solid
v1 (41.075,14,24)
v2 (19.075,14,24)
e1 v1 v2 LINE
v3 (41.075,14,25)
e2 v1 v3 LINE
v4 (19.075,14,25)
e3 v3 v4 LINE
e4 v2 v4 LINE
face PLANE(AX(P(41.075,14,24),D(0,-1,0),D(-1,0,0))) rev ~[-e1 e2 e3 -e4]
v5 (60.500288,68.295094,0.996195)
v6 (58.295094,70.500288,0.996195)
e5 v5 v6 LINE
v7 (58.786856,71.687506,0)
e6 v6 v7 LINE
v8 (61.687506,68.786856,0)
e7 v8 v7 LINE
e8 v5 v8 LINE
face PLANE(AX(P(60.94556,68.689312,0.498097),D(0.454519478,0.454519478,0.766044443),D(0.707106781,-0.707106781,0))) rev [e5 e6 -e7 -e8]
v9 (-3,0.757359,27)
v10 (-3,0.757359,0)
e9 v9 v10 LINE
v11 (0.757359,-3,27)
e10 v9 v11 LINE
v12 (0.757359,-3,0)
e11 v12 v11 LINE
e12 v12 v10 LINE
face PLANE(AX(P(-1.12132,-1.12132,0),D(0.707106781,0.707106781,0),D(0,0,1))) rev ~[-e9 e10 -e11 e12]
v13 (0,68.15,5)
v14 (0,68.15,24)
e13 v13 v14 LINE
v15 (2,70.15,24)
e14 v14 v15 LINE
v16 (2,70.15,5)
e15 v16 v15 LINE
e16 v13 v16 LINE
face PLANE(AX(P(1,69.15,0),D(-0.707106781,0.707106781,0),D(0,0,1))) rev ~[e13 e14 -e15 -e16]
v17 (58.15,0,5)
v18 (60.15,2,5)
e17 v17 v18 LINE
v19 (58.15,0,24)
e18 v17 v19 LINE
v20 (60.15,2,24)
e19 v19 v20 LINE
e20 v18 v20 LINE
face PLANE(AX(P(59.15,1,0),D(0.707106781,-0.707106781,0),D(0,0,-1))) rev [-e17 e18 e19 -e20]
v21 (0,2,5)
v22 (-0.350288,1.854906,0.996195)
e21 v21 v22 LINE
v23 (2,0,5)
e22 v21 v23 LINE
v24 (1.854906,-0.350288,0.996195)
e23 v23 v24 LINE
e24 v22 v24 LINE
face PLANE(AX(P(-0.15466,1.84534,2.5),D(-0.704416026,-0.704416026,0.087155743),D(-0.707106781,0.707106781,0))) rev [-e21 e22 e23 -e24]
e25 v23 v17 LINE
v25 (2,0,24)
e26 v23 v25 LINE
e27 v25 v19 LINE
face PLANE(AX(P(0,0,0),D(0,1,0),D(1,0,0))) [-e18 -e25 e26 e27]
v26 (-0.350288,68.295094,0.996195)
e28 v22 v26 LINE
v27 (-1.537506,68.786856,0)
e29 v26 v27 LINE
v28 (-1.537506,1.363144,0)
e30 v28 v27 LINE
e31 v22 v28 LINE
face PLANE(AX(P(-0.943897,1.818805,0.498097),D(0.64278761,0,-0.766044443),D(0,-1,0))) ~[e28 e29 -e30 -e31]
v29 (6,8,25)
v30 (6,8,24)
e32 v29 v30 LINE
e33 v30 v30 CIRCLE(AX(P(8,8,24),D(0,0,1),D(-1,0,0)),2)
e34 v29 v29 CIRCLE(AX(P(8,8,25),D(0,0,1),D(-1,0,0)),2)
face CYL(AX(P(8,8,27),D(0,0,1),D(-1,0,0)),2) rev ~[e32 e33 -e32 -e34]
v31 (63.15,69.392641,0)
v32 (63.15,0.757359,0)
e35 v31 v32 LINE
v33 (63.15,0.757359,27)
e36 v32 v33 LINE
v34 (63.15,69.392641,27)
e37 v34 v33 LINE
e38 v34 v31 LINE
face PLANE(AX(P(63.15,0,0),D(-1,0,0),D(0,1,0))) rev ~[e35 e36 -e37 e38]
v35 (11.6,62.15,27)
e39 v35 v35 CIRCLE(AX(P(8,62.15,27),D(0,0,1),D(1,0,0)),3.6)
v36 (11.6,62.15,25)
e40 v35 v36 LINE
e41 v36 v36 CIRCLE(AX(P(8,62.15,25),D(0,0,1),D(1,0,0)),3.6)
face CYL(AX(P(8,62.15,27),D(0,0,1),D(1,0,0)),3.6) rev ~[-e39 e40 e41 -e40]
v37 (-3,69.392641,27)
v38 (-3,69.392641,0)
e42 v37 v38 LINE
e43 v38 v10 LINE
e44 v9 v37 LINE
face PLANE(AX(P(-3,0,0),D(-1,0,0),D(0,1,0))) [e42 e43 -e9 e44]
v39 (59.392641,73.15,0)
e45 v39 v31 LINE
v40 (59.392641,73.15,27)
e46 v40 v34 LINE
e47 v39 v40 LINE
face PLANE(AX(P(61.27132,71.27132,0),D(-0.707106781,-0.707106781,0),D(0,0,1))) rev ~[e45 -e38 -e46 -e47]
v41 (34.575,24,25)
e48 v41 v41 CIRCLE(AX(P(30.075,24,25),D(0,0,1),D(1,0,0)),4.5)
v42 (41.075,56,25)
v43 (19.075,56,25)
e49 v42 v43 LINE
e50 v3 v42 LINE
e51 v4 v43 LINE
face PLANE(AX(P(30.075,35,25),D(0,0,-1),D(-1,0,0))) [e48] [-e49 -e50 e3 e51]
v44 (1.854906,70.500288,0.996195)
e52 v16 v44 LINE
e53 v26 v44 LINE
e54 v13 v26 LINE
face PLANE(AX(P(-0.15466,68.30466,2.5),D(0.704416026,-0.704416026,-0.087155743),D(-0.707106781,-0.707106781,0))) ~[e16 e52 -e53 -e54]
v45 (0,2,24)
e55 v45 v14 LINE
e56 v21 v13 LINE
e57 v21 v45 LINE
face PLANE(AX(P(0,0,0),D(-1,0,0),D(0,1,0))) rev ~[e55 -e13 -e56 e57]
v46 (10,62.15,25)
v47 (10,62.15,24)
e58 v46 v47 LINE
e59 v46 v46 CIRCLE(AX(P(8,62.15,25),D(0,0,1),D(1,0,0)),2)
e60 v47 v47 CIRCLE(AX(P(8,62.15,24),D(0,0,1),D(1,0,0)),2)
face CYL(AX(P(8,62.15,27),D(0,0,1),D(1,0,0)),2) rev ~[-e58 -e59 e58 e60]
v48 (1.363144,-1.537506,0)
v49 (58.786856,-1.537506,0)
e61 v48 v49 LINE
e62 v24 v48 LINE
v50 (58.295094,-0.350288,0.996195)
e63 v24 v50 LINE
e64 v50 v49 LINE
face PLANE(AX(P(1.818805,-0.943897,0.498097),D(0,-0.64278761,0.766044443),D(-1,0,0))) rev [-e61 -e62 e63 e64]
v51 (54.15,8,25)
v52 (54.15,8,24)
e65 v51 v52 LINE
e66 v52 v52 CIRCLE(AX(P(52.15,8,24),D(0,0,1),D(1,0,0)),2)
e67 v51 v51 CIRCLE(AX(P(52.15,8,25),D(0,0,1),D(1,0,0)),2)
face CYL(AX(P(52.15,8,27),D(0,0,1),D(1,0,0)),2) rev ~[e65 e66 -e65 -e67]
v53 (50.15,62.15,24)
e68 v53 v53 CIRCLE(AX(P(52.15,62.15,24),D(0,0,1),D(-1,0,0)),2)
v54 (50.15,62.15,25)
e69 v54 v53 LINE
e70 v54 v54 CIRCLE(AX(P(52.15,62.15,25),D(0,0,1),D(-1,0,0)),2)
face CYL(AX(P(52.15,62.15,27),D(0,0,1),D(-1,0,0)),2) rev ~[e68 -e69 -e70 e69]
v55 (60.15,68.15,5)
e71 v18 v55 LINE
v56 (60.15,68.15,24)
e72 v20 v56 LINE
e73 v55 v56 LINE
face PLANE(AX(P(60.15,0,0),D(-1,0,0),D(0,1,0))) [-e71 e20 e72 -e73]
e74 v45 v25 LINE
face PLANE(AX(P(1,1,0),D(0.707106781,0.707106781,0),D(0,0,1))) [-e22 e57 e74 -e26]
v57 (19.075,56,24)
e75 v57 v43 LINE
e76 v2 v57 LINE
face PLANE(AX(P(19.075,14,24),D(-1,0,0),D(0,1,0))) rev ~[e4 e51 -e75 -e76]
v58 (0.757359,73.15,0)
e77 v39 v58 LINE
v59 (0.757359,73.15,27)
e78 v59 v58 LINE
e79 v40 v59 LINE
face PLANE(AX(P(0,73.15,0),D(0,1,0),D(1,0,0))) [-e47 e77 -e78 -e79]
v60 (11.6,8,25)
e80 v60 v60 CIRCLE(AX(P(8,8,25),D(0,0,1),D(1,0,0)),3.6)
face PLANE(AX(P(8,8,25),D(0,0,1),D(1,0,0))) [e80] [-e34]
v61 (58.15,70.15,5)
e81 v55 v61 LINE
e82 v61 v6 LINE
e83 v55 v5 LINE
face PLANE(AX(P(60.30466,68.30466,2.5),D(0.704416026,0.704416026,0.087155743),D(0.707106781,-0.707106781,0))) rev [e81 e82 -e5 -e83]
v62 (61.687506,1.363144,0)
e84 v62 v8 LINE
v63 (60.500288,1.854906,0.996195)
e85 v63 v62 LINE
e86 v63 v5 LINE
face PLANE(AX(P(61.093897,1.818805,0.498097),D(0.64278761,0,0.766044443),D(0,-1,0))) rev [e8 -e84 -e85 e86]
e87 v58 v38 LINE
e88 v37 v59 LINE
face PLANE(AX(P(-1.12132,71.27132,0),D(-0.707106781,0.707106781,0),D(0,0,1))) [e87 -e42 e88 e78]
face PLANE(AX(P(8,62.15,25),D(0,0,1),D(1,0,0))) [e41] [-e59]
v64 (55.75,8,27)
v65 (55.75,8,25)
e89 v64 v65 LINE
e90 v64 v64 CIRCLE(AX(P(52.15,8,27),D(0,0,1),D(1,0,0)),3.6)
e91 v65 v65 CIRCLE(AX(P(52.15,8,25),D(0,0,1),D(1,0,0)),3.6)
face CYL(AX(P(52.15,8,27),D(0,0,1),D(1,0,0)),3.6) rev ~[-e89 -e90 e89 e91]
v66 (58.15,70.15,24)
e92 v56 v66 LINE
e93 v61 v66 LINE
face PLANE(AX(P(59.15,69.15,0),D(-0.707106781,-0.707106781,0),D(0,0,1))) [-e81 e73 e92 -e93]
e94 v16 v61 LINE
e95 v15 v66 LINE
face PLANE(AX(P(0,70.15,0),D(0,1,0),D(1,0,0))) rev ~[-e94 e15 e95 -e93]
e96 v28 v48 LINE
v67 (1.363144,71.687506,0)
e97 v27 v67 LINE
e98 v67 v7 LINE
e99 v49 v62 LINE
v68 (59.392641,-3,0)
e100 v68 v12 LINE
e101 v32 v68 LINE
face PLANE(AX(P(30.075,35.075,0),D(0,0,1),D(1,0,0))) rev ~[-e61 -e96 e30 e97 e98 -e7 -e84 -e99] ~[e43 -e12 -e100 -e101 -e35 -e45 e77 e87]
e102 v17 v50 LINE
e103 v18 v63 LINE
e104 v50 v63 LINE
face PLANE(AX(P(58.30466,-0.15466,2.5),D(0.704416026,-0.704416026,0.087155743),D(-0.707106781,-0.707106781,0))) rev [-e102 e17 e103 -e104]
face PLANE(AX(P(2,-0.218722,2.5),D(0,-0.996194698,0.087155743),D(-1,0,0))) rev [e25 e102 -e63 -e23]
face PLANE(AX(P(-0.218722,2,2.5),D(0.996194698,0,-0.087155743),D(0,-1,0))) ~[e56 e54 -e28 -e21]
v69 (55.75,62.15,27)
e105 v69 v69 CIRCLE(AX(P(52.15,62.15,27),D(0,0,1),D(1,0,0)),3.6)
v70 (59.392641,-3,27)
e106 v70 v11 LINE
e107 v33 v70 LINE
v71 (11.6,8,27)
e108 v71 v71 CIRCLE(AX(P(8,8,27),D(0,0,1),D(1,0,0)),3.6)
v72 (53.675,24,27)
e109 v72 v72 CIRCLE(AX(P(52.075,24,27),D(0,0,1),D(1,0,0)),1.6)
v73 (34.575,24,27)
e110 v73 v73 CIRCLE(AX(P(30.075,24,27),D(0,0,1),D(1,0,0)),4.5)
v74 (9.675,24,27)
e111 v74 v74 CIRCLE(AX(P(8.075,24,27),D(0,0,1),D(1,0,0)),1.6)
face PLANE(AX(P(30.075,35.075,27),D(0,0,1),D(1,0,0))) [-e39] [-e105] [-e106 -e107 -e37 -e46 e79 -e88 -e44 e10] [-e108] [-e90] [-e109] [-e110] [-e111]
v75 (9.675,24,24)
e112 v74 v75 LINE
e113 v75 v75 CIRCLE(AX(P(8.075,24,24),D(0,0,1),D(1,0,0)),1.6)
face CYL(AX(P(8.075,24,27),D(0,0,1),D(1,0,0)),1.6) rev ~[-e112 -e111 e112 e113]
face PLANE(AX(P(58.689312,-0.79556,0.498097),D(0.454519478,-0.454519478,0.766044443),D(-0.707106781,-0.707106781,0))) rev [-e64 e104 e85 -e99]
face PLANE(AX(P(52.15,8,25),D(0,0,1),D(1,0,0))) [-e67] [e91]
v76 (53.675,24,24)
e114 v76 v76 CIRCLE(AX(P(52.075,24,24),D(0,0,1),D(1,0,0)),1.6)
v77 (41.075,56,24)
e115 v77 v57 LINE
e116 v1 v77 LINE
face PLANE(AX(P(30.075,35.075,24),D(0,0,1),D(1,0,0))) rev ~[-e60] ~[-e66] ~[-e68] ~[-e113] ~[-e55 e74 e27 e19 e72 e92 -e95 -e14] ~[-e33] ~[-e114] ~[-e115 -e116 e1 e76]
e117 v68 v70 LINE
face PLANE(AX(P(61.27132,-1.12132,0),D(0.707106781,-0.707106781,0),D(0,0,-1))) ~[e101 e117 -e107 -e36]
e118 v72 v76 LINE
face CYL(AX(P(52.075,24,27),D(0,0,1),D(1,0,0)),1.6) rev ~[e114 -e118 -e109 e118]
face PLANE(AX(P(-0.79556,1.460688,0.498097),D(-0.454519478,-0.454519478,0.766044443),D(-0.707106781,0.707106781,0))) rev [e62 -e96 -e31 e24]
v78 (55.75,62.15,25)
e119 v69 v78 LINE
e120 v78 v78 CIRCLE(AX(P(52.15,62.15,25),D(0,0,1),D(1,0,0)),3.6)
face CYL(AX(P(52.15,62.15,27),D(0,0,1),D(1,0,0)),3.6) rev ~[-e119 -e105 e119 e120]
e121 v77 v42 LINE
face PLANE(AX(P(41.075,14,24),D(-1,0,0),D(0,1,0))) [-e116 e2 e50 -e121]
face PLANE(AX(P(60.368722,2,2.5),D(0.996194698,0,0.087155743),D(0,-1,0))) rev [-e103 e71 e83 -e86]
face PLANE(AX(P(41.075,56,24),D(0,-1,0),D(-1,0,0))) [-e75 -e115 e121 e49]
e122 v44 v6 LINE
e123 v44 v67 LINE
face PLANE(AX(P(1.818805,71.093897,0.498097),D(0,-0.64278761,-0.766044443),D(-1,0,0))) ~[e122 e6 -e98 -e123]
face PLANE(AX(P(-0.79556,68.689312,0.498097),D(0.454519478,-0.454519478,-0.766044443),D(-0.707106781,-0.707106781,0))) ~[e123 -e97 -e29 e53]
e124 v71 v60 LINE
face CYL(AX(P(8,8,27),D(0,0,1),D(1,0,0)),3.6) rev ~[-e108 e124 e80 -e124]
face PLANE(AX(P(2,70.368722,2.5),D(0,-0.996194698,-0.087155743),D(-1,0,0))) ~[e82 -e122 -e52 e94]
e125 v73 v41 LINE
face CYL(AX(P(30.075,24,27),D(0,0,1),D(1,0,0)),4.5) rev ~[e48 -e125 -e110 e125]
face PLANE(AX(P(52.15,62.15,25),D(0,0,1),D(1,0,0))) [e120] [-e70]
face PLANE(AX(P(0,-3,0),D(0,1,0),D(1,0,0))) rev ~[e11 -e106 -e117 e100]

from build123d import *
from OCP.BRepFilletAPI import BRepFilletAPI_MakeChamfer

# Parameters (mm, degrees)
SKIZZE1_W                       = 60.15
SKIZZE1_H                       = 70.15
GRUNDK_RPER_DEPTH               = 24
FASE1_SIZE                      = 2
WANDUNG1_T                      = 3
SKIZZE2_R                       = 4.5
DURCHBRUCH_SERVO_DEPTH          = 101.338651576
SKIZZE4_W                       = 22
SKIZZE4_H                       = 42
SERVOFREISCHNITT_DEPTH          = 1
SCHNITT_LINEAR_AUSTRAGEN2_REACH = 102.339
SKIZZE7_R                       = 2
SKIZZE8_R                       = 3.6
SCHNITT_LINEAR_AUSTRAGEN3_DEPTH = 2
SCHNITT_LINEAR_AUSTRAGEN5_REACH = 102.339
SKIZZE3_R                       = 1.6
FASE2_SIZE                      = 5
FASE2_SIZE2                     = 0.437443318
FASE3_SIZE                      = 1
FASE3_SIZE2                     = 1.100062868


with BuildPart() as part:
    # Skizze1 → Grundkörper (new body)
    with BuildSketch(Plane.XY):
        with Locations((30.075, 35.075)):
            Rectangle(SKIZZE1_W, SKIZZE1_H)
    extrude(amount=GRUNDK_RPER_DEPTH)

    # Fase1
    fase1_edges = [part.edges().sort_by_distance(p)[0] for p in [
        (0, 70.15, 12),
        (60.15, 70.15, 12),
        (60.15, 0, 12),
        (0, 0, 12),
    ]]
    chamfer(fase1_edges, length=FASE1_SIZE)

    # Wandung1
    wandung1_openings = [part.faces().sort_by_distance(p)[0] for p in [
        (30.075, 35.075, 0),
    ]]
    offset(amount=WANDUNG1_T, openings=wandung1_openings, kind=Kind.INTERSECTION)

    # Skizze2 → Durchbruch Servo (cut, through all)
    with BuildSketch(Plane.XY.offset(27)):
        with Locations((30.075, 24)):
            Circle(SKIZZE2_R)
    extrude(amount=-DURCHBRUCH_SERVO_DEPTH, mode=Mode.SUBTRACT)

    # Skizze4 → ServoFreischnitt (cut)
    with BuildSketch(Plane(origin=(0, 0, 24), x_dir=(-1, 0, 0), z_dir=(0, 0, -1))):
        with Locations((-30.075, 35)):
            Rectangle(SKIZZE4_W, SKIZZE4_H)
    extrude(amount=-SERVOFREISCHNITT_DEPTH, mode=Mode.SUBTRACT)

    # Skizze7 → Schnitt-Linear austragen2 (cut, up to next)
    with BuildSketch(Plane.XY.offset(27), mode=Mode.PRIVATE) as schnitt_linear_austragen2_sk1:
        with Locations((8, 62.15)):
            Circle(SKIZZE7_R)
    schnitt_linear_austragen2_tool1 = extrude(schnitt_linear_austragen2_sk1.sketch, amount=-SCHNITT_LINEAR_AUSTRAGEN2_REACH, mode=Mode.PRIVATE) & part.part
    # Skizze7 → Schnitt-Linear austragen2 (cut, up to next)
    with BuildSketch(Plane.XY.offset(27), mode=Mode.PRIVATE) as schnitt_linear_austragen2_sk2:
        with Locations(Location((52.15, 62.15, 0), (0, 0, 180))):
            Circle(SKIZZE7_R)
    schnitt_linear_austragen2_tool2 = extrude(schnitt_linear_austragen2_sk2.sketch, amount=-SCHNITT_LINEAR_AUSTRAGEN2_REACH, mode=Mode.PRIVATE) & part.part
    # Skizze7 → Schnitt-Linear austragen2 (cut, up to next)
    with BuildSketch(Plane.XY.offset(27), mode=Mode.PRIVATE) as schnitt_linear_austragen2_sk3:
        with Locations((52.15, 8)):
            Circle(SKIZZE7_R)
    schnitt_linear_austragen2_tool3 = extrude(schnitt_linear_austragen2_sk3.sketch, amount=-SCHNITT_LINEAR_AUSTRAGEN2_REACH, mode=Mode.PRIVATE) & part.part
    # Skizze7 → Schnitt-Linear austragen2 (cut, up to next)
    with BuildSketch(Plane.XY.offset(27), mode=Mode.PRIVATE) as schnitt_linear_austragen2_sk4:
        with Locations(Location((8, 8, 0), (0, 0, 180))):
            Circle(SKIZZE7_R)
    schnitt_linear_austragen2_tool4 = extrude(schnitt_linear_austragen2_sk4.sketch, amount=-SCHNITT_LINEAR_AUSTRAGEN2_REACH, mode=Mode.PRIVATE) & part.part
    add(schnitt_linear_austragen2_tool1.solids().sort_by_distance((8, 62.15, 27))[0], mode=Mode.SUBTRACT)
    add(schnitt_linear_austragen2_tool2.solids().sort_by_distance((52.15, 62.15, 27))[0], mode=Mode.SUBTRACT)
    add(schnitt_linear_austragen2_tool3.solids().sort_by_distance((52.15, 8, 27))[0], mode=Mode.SUBTRACT)
    add(schnitt_linear_austragen2_tool4.solids().sort_by_distance((8, 8, 27))[0], mode=Mode.SUBTRACT)

    # Skizze8 → Schnitt-Linear austragen3 (cut)
    with BuildSketch(Plane.XY.offset(27)):
        with Locations((8, 62.15)):
            Circle(SKIZZE8_R)
        with Locations((52.15, 62.15)):
            Circle(SKIZZE8_R)
        with Locations((52.15, 8)):
            Circle(SKIZZE8_R)
        with Locations((8, 8)):
            Circle(SKIZZE8_R)
    extrude(amount=-SCHNITT_LINEAR_AUSTRAGEN3_DEPTH, mode=Mode.SUBTRACT)

    # Skizze3 → Schnitt-Linear austragen5 (cut, up to next)
    with BuildSketch(Plane.XY.offset(27), mode=Mode.PRIVATE) as schnitt_linear_austragen5_sk1:
        with Locations((8.075, 24)):
            Circle(SKIZZE3_R)
    schnitt_linear_austragen5_tool1 = extrude(schnitt_linear_austragen5_sk1.sketch, amount=-SCHNITT_LINEAR_AUSTRAGEN5_REACH, mode=Mode.PRIVATE) & part.part
    # Skizze3 → Schnitt-Linear austragen5 (cut, up to next)
    with BuildSketch(Plane.XY.offset(27), mode=Mode.PRIVATE) as schnitt_linear_austragen5_sk2:
        with Locations((52.075, 24)):
            Circle(SKIZZE3_R)
    schnitt_linear_austragen5_tool2 = extrude(schnitt_linear_austragen5_sk2.sketch, amount=-SCHNITT_LINEAR_AUSTRAGEN5_REACH, mode=Mode.PRIVATE) & part.part
    add(schnitt_linear_austragen5_tool1.solids().sort_by_distance((8.075, 24, 27))[0], mode=Mode.SUBTRACT)
    add(schnitt_linear_austragen5_tool2.solids().sort_by_distance((52.075, 24, 27))[0], mode=Mode.SUBTRACT)

    # Fase2: one chamfer whose edges measure the first distance from different faces: ONE call of the kernel's chamfer builder (chamfer() names one face for all edges)
    fase2_edges_1 = [part.edges().sort_by_distance(p)[0] for p in [
        (0, 35.075, 0),
    ]]
    fase2_side_1 = [part.faces().sort_by_distance(p)[0] for p in [
        (0, 35.075, 12),
    ]]
    fase2_edges_2 = [part.edges().sort_by_distance(p)[0] for p in [
        (30.075, 0, 0),
    ]]
    fase2_side_2 = [part.faces().sort_by_distance(p)[0] for p in [
        (30.075, 0, 12),
    ]]
    fase2_edges_3 = [part.edges().sort_by_distance(p)[0] for p in [
        (60.15, 35.075, 0),
    ]]
    fase2_side_3 = [part.faces().sort_by_distance(p)[0] for p in [
        (60.15, 35.075, 12),
    ]]
    fase2_edges_4 = [part.edges().sort_by_distance(p)[0] for p in [
        (30.075, 70.15, 0),
    ]]
    fase2_side_4 = [part.faces().sort_by_distance(p)[0] for p in [
        (30.075, 70.15, 12),
    ]]
    fase2_edges_5 = [part.edges().sort_by_distance(p)[0] for p in [
        (59.15, 1, 0),
    ]]
    fase2_side_5 = [part.faces().sort_by_distance(p)[0] for p in [
        (59.15, 1, 12),
    ]]
    fase2_edges_6 = [part.edges().sort_by_distance(p)[0] for p in [
        (1, 1, 0),
    ]]
    fase2_side_6 = [part.faces().sort_by_distance(p)[0] for p in [
        (1, 1, 12),
    ]]
    fase2_edges_7 = [part.edges().sort_by_distance(p)[0] for p in [
        (1, 69.15, 0),
    ]]
    fase2_side_7 = [part.faces().sort_by_distance(p)[0] for p in [
        (1, 69.15, 12),
    ]]
    fase2_edges_8 = [part.edges().sort_by_distance(p)[0] for p in [
        (59.15, 69.15, 0),
    ]]
    fase2_side_8 = [part.faces().sort_by_distance(p)[0] for p in [
        (59.15, 69.15, 12),
    ]]
    fase2 = BRepFilletAPI_MakeChamfer(part.part.solid().wrapped)
    for e in fase2_edges_1:
        fase2.Add(FASE2_SIZE, FASE2_SIZE2, e.wrapped, fase2_side_1[0].wrapped)  # the first distance lies on this face
    for e in fase2_edges_2:
        fase2.Add(FASE2_SIZE, FASE2_SIZE2, e.wrapped, fase2_side_2[0].wrapped)  # the first distance lies on this face
    for e in fase2_edges_3:
        fase2.Add(FASE2_SIZE, FASE2_SIZE2, e.wrapped, fase2_side_3[0].wrapped)  # the first distance lies on this face
    for e in fase2_edges_4:
        fase2.Add(FASE2_SIZE, FASE2_SIZE2, e.wrapped, fase2_side_4[0].wrapped)  # the first distance lies on this face
    for e in fase2_edges_5:
        fase2.Add(FASE2_SIZE, FASE2_SIZE2, e.wrapped, fase2_side_5[0].wrapped)  # the first distance lies on this face
    for e in fase2_edges_6:
        fase2.Add(FASE2_SIZE, FASE2_SIZE2, e.wrapped, fase2_side_6[0].wrapped)  # the first distance lies on this face
    for e in fase2_edges_7:
        fase2.Add(FASE2_SIZE, FASE2_SIZE2, e.wrapped, fase2_side_7[0].wrapped)  # the first distance lies on this face
    for e in fase2_edges_8:
        fase2.Add(FASE2_SIZE, FASE2_SIZE2, e.wrapped, fase2_side_8[0].wrapped)  # the first distance lies on this face
    add(Compound.cast(fase2.Shape()), mode=Mode.REPLACE)

    # Fase3: one chamfer whose edges measure the first distance from different faces: ONE call of the kernel's chamfer builder (chamfer() names one face for all edges)
    fase3_edges_1 = [part.edges().sort_by_distance(p)[0] for p in [
        (60.587443318, 35.075, 0),
    ]]
    fase3_side_1 = [part.faces().sort_by_distance(p)[0] for p in [
        (60.368920817, 35.075, 2.497723608),
    ]]
    fase3_edges_2 = [part.edges().sort_by_distance(p)[0] for p in [
        (59.459319136, 69.459319136, 0),
    ]]
    fase3_side_2 = [part.faces().sort_by_distance(p)[0] for p in [
        (59.307763339, 69.307763339, 2.449828985),
    ]]
    fase3_edges_3 = [part.edges().sort_by_distance(p)[0] for p in [
        (30.075, 70.587443318, 0),
    ]]
    fase3_side_3 = [part.faces().sort_by_distance(p)[0] for p in [
        (30.075, 70.368956172, 2.4973195),
    ]]
    fase3_edges_4 = [part.edges().sort_by_distance(p)[0] for p in [
        (0.690680864, 69.459319136, 0),
    ]]
    fase3_side_4 = [part.faces().sort_by_distance(p)[0] for p in [
        (0.842236661, 69.307763339, 2.449828985),
    ]]
    fase3_edges_5 = [part.edges().sort_by_distance(p)[0] for p in [
        (-0.437443318, 35.075, 0),
    ]]
    fase3_side_5 = [part.faces().sort_by_distance(p)[0] for p in [
        (-0.218920817, 35.075, 2.497723608),
    ]]
    fase3_edges_6 = [part.edges().sort_by_distance(p)[0] for p in [
        (0.690680864, 0.690680864, 0),
    ]]
    fase3_side_6 = [part.faces().sort_by_distance(p)[0] for p in [
        (0.842236661, 0.842236661, 2.449828985),
    ]]
    fase3_edges_7 = [part.edges().sort_by_distance(p)[0] for p in [
        (30.075, -0.437443318, 0),
    ]]
    fase3_side_7 = [part.faces().sort_by_distance(p)[0] for p in [
        (30.075, -0.218956172, 2.4973195),
    ]]
    fase3_edges_8 = [part.edges().sort_by_distance(p)[0] for p in [
        (59.459319136, 0.690680864, 0),
    ]]
    fase3_side_8 = [part.faces().sort_by_distance(p)[0] for p in [
        (59.307763339, 0.842236661, 2.449828985),
    ]]
    fase3 = BRepFilletAPI_MakeChamfer(part.part.solid().wrapped)
    for e in fase3_edges_1:
        fase3.Add(FASE3_SIZE, FASE3_SIZE2, e.wrapped, fase3_side_1[0].wrapped)  # the first distance lies on this face
    for e in fase3_edges_2:
        fase3.Add(FASE3_SIZE, FASE3_SIZE2, e.wrapped, fase3_side_2[0].wrapped)  # the first distance lies on this face
    for e in fase3_edges_3:
        fase3.Add(FASE3_SIZE, FASE3_SIZE2, e.wrapped, fase3_side_3[0].wrapped)  # the first distance lies on this face
    for e in fase3_edges_4:
        fase3.Add(FASE3_SIZE, FASE3_SIZE2, e.wrapped, fase3_side_4[0].wrapped)  # the first distance lies on this face
    for e in fase3_edges_5:
        fase3.Add(FASE3_SIZE, FASE3_SIZE2, e.wrapped, fase3_side_5[0].wrapped)  # the first distance lies on this face
    for e in fase3_edges_6:
        fase3.Add(FASE3_SIZE, FASE3_SIZE2, e.wrapped, fase3_side_6[0].wrapped)  # the first distance lies on this face
    for e in fase3_edges_7:
        fase3.Add(FASE3_SIZE, FASE3_SIZE2, e.wrapped, fase3_side_7[0].wrapped)  # the first distance lies on this face
    for e in fase3_edges_8:
        fase3.Add(FASE3_SIZE, FASE3_SIZE2, e.wrapped, fase3_side_8[0].wrapped)  # the first distance lies on this face
    add(Compound.cast(fase3.Shape()), mode=Mode.REPLACE)


solid = part.part
